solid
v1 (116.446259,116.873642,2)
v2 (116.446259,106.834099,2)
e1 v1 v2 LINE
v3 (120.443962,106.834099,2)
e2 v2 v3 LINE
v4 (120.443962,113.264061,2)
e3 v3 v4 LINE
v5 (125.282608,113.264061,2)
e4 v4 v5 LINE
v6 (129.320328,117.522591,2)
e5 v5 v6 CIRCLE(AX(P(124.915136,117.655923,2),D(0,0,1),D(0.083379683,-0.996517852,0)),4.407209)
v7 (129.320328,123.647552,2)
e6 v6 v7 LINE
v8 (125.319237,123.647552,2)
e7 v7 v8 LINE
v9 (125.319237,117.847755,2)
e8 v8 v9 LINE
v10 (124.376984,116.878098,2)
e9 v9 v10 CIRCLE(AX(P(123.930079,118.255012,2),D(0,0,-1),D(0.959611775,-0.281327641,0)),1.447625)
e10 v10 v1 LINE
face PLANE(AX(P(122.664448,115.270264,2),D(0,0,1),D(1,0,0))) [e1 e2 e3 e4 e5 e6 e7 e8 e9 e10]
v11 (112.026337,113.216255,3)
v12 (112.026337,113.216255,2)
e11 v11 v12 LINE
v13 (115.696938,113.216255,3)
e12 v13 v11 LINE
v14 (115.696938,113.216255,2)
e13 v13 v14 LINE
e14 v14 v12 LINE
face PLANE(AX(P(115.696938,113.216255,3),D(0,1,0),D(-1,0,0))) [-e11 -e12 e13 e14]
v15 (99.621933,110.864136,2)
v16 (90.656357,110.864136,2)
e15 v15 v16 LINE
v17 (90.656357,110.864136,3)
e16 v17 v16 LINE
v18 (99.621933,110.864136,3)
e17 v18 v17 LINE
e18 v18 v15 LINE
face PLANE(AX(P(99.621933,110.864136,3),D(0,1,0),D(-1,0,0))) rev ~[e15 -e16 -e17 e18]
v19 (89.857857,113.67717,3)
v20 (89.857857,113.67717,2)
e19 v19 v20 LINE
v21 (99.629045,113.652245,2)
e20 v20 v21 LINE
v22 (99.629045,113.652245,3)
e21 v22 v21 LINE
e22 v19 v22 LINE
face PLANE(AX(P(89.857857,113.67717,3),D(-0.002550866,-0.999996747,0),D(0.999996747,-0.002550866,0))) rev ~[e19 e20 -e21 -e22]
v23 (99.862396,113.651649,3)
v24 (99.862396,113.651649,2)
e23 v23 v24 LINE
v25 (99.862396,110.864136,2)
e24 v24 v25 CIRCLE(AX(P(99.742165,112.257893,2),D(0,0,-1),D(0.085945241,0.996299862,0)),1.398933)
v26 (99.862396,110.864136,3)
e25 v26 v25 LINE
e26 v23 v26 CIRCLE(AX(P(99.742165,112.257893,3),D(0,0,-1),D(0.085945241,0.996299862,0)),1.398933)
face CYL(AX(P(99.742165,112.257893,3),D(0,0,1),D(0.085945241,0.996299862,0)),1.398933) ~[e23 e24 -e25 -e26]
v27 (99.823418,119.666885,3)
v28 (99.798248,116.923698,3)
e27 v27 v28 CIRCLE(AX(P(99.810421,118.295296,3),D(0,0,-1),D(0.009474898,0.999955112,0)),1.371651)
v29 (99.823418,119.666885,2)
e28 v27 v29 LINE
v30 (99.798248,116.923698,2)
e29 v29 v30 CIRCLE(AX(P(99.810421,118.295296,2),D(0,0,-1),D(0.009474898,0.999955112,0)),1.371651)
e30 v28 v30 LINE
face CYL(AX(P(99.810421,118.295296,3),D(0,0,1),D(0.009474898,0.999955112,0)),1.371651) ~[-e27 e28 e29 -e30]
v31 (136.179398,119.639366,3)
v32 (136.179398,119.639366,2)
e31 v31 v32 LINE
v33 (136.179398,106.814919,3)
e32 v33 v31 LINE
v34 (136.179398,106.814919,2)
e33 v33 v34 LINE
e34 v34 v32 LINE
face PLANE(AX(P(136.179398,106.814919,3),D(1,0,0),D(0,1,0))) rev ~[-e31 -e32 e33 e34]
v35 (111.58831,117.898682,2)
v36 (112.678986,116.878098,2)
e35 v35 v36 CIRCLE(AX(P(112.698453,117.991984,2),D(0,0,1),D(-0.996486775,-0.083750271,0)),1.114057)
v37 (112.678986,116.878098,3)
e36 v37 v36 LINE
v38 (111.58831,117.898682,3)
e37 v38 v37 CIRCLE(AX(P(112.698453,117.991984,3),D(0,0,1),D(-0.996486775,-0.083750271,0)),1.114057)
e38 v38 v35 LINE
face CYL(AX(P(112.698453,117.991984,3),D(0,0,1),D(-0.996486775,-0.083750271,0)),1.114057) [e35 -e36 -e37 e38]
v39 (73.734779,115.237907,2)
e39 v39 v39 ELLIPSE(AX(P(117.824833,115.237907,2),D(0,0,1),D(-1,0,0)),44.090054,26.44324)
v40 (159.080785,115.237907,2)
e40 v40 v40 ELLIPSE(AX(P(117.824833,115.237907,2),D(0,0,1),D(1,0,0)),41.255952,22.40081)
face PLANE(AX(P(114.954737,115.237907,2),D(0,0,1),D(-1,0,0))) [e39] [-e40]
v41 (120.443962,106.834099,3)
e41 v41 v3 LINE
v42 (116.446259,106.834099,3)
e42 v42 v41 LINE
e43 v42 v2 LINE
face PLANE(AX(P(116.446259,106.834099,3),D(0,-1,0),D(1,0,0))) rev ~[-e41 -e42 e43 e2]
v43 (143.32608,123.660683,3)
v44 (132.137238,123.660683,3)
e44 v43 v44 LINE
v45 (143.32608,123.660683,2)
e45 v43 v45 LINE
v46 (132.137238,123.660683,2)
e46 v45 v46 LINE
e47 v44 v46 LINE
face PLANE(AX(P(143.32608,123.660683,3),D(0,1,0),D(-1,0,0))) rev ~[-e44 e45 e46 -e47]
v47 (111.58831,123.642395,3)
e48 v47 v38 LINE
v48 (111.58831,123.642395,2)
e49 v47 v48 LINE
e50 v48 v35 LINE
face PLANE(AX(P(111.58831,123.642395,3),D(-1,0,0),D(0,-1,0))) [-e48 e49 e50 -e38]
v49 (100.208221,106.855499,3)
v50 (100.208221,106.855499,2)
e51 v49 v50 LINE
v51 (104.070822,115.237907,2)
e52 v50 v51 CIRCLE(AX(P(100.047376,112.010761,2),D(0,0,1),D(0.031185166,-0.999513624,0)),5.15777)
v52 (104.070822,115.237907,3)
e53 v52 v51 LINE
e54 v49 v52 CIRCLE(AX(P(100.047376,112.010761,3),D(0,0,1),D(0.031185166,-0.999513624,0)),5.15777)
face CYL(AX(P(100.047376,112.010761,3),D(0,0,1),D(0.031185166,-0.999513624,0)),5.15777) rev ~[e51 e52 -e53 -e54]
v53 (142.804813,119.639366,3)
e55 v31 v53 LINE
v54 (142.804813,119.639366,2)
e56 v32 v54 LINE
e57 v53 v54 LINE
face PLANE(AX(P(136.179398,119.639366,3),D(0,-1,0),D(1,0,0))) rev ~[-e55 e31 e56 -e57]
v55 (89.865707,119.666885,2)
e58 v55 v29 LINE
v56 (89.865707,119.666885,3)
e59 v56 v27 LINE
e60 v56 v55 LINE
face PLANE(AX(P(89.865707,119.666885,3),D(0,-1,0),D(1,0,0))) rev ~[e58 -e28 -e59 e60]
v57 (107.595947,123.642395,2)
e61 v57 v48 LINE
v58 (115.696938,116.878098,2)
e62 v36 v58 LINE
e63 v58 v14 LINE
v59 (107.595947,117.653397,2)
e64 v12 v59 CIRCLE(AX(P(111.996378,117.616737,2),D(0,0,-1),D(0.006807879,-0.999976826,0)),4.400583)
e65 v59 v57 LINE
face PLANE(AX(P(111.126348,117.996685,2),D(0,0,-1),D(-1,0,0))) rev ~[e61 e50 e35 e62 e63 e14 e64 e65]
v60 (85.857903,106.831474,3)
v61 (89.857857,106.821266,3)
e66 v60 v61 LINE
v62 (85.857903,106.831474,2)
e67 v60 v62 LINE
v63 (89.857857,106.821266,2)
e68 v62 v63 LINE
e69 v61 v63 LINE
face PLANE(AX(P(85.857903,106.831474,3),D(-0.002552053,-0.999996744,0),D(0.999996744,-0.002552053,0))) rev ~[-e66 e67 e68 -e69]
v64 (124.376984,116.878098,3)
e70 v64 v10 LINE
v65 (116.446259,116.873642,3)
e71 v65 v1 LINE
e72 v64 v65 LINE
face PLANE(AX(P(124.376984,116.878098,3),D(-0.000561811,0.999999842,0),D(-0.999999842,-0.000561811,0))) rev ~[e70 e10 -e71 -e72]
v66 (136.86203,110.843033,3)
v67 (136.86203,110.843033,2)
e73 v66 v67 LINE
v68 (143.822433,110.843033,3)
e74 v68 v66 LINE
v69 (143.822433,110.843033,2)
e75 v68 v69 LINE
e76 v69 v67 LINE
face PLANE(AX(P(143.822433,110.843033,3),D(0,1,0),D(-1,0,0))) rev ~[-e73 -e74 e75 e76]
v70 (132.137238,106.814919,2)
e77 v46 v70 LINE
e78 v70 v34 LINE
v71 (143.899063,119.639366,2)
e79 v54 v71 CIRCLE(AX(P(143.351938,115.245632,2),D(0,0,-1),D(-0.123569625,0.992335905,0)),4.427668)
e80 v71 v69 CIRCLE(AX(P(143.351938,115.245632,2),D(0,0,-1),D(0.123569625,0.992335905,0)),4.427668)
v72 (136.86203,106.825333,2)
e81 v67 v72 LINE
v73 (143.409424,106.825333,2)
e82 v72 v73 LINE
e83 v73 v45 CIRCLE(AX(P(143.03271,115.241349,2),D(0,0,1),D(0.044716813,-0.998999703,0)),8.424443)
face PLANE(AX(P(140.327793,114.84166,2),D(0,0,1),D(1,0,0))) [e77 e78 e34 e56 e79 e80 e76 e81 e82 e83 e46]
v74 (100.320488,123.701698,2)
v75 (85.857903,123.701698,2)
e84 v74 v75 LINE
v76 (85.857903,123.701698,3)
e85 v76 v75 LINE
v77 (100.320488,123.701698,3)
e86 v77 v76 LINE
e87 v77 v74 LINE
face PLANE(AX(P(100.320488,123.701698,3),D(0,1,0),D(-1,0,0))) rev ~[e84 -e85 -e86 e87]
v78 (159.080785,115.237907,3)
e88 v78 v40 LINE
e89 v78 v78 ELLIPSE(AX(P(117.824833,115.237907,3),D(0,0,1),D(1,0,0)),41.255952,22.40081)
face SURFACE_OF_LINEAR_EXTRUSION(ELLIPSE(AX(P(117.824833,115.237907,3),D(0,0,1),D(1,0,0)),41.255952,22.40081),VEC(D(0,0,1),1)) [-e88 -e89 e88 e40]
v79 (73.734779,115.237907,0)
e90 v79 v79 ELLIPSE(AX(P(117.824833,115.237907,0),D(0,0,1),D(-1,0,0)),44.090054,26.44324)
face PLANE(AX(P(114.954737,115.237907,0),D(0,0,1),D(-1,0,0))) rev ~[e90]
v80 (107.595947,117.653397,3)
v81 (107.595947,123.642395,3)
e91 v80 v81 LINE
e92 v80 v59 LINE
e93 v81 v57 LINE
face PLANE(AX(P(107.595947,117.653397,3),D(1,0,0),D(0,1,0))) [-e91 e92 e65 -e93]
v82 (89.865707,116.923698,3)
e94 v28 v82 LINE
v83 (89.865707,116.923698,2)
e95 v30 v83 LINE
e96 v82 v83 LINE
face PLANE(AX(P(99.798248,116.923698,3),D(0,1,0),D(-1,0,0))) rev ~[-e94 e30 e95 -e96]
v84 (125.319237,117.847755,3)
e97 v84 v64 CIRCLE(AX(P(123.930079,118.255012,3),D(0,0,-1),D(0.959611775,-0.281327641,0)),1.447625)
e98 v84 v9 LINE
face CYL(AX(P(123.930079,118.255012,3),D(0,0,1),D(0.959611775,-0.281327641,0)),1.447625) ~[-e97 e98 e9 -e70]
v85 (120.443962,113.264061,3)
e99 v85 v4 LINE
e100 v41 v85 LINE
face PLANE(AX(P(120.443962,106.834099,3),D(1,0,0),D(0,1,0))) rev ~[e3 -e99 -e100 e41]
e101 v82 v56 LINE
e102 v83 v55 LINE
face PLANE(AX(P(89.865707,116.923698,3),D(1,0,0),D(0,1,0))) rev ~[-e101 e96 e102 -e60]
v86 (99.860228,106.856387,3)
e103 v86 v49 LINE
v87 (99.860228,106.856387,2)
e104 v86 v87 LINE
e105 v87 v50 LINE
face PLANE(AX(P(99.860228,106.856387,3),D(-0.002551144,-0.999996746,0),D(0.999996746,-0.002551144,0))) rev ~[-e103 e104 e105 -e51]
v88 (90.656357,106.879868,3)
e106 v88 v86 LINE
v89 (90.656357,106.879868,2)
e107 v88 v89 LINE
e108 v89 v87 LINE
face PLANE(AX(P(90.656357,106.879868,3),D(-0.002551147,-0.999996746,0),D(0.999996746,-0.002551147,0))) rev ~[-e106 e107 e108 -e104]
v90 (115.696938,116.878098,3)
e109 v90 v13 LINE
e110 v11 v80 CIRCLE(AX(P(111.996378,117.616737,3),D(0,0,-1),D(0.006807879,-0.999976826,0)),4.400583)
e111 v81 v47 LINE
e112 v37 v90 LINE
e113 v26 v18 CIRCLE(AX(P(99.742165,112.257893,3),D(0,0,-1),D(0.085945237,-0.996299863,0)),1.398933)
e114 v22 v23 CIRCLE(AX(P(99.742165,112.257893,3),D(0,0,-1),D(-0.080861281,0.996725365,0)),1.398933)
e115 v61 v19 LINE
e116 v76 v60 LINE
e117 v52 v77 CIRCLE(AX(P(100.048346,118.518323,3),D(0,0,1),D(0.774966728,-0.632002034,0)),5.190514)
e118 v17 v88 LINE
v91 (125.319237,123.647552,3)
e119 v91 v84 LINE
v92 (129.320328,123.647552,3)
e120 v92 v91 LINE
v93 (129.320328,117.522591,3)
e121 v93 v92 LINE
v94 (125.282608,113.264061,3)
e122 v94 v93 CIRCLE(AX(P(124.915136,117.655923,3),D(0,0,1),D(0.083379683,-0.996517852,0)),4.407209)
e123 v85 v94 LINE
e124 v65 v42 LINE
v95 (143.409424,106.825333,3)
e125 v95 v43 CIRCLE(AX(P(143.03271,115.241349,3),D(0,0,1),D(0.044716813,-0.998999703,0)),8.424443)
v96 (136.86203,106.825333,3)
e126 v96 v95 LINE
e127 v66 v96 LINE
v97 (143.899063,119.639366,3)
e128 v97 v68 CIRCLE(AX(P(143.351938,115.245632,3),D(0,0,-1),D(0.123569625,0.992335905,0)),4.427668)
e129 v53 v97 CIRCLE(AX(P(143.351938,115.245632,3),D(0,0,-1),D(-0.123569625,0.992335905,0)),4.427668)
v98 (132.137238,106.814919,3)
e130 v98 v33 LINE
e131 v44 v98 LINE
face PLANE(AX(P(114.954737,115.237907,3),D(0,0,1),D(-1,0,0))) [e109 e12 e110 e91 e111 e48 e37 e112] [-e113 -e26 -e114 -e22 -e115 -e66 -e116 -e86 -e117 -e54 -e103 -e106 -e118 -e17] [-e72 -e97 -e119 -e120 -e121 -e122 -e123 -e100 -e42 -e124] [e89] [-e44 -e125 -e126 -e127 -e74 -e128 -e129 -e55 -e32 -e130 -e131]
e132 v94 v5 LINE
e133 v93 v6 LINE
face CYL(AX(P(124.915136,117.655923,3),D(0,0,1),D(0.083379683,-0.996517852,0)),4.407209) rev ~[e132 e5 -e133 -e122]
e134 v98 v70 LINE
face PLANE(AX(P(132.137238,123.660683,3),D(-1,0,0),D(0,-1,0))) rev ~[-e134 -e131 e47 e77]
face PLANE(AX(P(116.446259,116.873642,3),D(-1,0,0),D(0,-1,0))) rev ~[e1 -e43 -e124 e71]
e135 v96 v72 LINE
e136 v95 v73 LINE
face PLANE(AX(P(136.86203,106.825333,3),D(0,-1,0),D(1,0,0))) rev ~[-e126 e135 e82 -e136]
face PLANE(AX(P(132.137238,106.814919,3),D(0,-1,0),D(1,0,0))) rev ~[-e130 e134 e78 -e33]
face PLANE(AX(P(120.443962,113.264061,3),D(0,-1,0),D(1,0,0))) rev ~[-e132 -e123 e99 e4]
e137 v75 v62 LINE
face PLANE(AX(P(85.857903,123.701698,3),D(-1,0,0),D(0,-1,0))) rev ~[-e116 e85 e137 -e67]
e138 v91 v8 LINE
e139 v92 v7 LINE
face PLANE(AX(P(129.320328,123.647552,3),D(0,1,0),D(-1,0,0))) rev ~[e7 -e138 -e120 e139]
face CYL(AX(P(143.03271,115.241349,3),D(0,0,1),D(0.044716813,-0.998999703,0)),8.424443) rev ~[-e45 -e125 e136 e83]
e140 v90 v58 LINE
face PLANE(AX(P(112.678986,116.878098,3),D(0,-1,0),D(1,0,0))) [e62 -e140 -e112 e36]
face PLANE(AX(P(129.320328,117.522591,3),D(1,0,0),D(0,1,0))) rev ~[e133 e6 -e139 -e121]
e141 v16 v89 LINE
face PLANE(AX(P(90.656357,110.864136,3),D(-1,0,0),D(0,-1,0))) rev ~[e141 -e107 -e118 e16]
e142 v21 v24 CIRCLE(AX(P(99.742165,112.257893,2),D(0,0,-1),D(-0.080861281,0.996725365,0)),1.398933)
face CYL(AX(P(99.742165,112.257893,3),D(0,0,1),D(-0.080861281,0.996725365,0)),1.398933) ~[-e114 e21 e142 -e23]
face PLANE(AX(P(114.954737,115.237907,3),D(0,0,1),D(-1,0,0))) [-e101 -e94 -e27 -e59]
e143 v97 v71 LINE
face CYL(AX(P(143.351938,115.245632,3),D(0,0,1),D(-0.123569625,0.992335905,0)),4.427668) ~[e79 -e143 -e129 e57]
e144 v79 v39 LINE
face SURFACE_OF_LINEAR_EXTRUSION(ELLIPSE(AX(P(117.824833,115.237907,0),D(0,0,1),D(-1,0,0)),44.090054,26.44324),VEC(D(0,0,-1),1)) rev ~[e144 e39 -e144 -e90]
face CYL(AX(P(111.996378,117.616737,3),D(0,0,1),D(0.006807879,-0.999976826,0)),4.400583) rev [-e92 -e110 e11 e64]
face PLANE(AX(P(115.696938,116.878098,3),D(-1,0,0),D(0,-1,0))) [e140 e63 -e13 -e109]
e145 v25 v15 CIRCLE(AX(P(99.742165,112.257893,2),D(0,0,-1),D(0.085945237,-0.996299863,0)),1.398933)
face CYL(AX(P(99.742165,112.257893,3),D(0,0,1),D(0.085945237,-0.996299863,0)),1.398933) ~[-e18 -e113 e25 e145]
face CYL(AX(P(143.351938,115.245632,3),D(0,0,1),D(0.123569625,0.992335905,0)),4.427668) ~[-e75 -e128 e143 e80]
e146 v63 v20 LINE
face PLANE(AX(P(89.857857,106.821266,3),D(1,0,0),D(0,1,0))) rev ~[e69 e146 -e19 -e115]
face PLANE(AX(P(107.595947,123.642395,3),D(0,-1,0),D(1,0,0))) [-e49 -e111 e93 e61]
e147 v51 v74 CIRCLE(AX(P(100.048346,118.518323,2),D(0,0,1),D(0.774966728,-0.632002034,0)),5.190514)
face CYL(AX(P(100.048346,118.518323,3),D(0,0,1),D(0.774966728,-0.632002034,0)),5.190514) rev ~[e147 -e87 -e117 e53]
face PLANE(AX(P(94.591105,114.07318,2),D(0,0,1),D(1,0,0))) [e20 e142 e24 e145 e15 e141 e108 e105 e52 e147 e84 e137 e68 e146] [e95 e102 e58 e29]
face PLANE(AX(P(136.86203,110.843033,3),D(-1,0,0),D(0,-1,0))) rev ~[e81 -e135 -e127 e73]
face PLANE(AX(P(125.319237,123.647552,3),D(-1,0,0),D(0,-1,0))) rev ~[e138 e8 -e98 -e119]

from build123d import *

# Parameters (mm, degrees)
SKETCH_3_RX         = 44.090053558
SKETCH_3_RY         = 26.443239621
EXTRUDE_1_DEPTH     = 3
CUT_EXTRUDE_START   = 3
SKETCH_3_4_RX       = 44.090053558
SKETCH_3_4_RY       = 26.443239621
SKETCH_3_4_RX_2     = 41.255952368
SKETCH_3_4_RY_2     = 22.400810242
CUT_EXTRUDE_2_DEPTH = 1


with BuildPart() as part:
    # 草图3 → 凸台-拉伸1 (new body)
    with BuildSketch(Plane.XY):
        with Locations(Location((117.824832916, 115.23790741), (0, 0, 180))):
            Ellipse(SKETCH_3_RX, SKETCH_3_RY)
    extrude(amount=EXTRUDE_1_DEPTH)

    # 草图3<4> → 切除-拉伸2 (cut)
    # profile 1 of 5: a face of its own
    with BuildSketch(Plane.XY.offset(CUT_EXTRUDE_START)):
        with Locations(Location((117.824832916, 115.23790741), (0, 0, 180))):
            Ellipse(SKETCH_3_4_RX, SKETCH_3_4_RY)
        with Locations((117.824832916, 115.23790741)):
            Ellipse(SKETCH_3_4_RX_2, SKETCH_3_4_RY_2, mode=Mode.SUBTRACT)
    # profile 2 of 5: a face of its own
    with BuildSketch(Plane.XY.offset(CUT_EXTRUDE_START)):
        with BuildLine():
            ThreePointArc((143.89906311, 119.63936615), (147.779438013, 115.207061658), (143.822433472, 110.843032837))
            Line((143.822433472, 110.843032837), (136.862030029, 110.843032837))
            Line((136.862030029, 110.843032837), (136.862030029, 106.825332642))
            Line((136.862030029, 106.825332642), (143.409423828, 106.825332642))
            ThreePointArc((143.409423828, 106.825332642), (151.457049674, 115.283053778), (143.326080322, 123.660682678))
            Line((143.326080322, 123.660682678), (132.137237549, 123.660682678))
            Line((132.137237549, 123.660682678), (132.137237549, 106.814918518))
            Line((132.137237549, 106.814918518), (136.179397583, 106.814918518))
            Line((136.179397583, 106.814918518), (136.179397583, 119.63936615))
            Line((136.179397583, 119.63936615), (142.804812511, 119.63936615))
            ThreePointArc((142.804812511, 119.63936615), (143.351937811, 119.673300221), (143.89906311, 119.63936615))
        make_face()
    # profile 3 of 5: a face of its own
    with BuildSketch(Plane.XY.offset(CUT_EXTRUDE_START)):
        with BuildLine():
            Line((124.547664698, 113.264060974), (125.282608032, 113.264060974))
            ThreePointArc((125.282608032, 113.264060974), (128.113315049, 114.623573913), (129.320327759, 117.522590637))
            Line((129.320327759, 117.522590637), (129.320327759, 123.64755249))
            Line((129.320327759, 123.64755249), (125.319236755, 123.64755249))
            Line((125.319236755, 123.64755249), (125.319236755, 117.847755432))
            ThreePointArc((125.319236755, 117.847755432), (124.968269871, 117.246162802), (124.376983643, 116.878097534))
            Line((124.376983643, 116.878097534), (116.446258545, 116.873641968))
            Line((116.446258545, 116.873641968), (116.446258545, 106.834098816))
            Line((116.446258545, 106.834098816), (120.443962097, 106.834098816))
            Line((120.443962097, 106.834098816), (120.443962097, 113.264060974))
            Line((120.443962097, 113.264060974), (124.547664698, 113.264060974))
        make_face()
    # profile 4 of 5: a face of its own
    with BuildSketch(Plane.XY.offset(CUT_EXTRUDE_START)):
        with BuildLine():
            ThreePointArc((111.588310242, 117.898681641), (111.937267918, 117.178522683), (112.678985596, 116.878097534))
            Line((112.678985596, 116.878097534), (115.696937561, 116.878097534))
            Line((115.696937561, 116.878097534), (115.696937561, 113.216255188))
            Line((115.696937561, 113.216255188), (112.02633667, 113.216255188))
            ThreePointArc((112.02633667, 113.216255188), (108.882327189, 114.5074245), (107.595947266, 117.653396606))
            Line((107.595947266, 117.653396606), (107.595947266, 123.64239502))
            Line((107.595947266, 123.64239502), (111.588310242, 123.64239502))
            Line((111.588310242, 123.64239502), (111.588310242, 117.898681641))
        make_face()
    # profile 5 of 5: a face of its own
    with BuildSketch(Plane.XY.offset(CUT_EXTRUDE_START)):
        with BuildLine():
            Line((100.320487976, 123.701698303), (85.857902527, 123.701698303))
            Line((85.857902527, 123.701698303), (85.857902527, 106.831474304))
            Line((85.857902527, 106.831474304), (89.85785675, 106.821266174))
            Line((89.85785675, 106.821266174), (89.85785675, 113.6771698))
            Line((89.85785675, 113.6771698), (99.629045068, 113.652244725))
            ThreePointArc((99.629045068, 113.652244725), (99.745733087, 113.656821169), (99.86239624, 113.651649475))
            ThreePointArc((99.86239624, 113.651649475), (101.141097708, 112.257892609), (99.86239624, 110.864135742))
            ThreePointArc((99.86239624, 110.864135742), (99.742164596, 110.858959497), (99.621932952, 110.864135742))
            Line((99.621932952, 110.864135742), (90.656356812, 110.864135742))
            Line((90.656356812, 110.864135742), (90.656356812, 106.879867554))
            Line((90.656356812, 106.879867554), (99.860228116, 106.856387052))
            Line((99.860228116, 106.856387052), (100.208221436, 106.855499268))
            ThreePointArc((100.208221436, 106.855499268), (104.731739573, 109.852213429), (104.070821683, 115.23790741))
            ThreePointArc((104.070821683, 115.23790741), (104.793856796, 120.621074732), (100.320487976, 123.701698303))
        make_face()
        with BuildLine():
            Line((89.865707397, 116.923698425), (89.865707397, 119.666885376))
            Line((89.865707397, 119.666885376), (99.797425153, 119.666885376))
            Line((99.797425153, 119.666885376), (99.823417664, 119.666885376))
            ThreePointArc((99.823417664, 119.666885376), (101.182014946, 118.28271099), (99.798248291, 116.923698425))
            Line((99.798248291, 116.923698425), (89.865707397, 116.923698425))
        make_face(mode=Mode.SUBTRACT)
    extrude(amount=-CUT_EXTRUDE_2_DEPTH, mode=Mode.SUBTRACT)


solid = part.part
